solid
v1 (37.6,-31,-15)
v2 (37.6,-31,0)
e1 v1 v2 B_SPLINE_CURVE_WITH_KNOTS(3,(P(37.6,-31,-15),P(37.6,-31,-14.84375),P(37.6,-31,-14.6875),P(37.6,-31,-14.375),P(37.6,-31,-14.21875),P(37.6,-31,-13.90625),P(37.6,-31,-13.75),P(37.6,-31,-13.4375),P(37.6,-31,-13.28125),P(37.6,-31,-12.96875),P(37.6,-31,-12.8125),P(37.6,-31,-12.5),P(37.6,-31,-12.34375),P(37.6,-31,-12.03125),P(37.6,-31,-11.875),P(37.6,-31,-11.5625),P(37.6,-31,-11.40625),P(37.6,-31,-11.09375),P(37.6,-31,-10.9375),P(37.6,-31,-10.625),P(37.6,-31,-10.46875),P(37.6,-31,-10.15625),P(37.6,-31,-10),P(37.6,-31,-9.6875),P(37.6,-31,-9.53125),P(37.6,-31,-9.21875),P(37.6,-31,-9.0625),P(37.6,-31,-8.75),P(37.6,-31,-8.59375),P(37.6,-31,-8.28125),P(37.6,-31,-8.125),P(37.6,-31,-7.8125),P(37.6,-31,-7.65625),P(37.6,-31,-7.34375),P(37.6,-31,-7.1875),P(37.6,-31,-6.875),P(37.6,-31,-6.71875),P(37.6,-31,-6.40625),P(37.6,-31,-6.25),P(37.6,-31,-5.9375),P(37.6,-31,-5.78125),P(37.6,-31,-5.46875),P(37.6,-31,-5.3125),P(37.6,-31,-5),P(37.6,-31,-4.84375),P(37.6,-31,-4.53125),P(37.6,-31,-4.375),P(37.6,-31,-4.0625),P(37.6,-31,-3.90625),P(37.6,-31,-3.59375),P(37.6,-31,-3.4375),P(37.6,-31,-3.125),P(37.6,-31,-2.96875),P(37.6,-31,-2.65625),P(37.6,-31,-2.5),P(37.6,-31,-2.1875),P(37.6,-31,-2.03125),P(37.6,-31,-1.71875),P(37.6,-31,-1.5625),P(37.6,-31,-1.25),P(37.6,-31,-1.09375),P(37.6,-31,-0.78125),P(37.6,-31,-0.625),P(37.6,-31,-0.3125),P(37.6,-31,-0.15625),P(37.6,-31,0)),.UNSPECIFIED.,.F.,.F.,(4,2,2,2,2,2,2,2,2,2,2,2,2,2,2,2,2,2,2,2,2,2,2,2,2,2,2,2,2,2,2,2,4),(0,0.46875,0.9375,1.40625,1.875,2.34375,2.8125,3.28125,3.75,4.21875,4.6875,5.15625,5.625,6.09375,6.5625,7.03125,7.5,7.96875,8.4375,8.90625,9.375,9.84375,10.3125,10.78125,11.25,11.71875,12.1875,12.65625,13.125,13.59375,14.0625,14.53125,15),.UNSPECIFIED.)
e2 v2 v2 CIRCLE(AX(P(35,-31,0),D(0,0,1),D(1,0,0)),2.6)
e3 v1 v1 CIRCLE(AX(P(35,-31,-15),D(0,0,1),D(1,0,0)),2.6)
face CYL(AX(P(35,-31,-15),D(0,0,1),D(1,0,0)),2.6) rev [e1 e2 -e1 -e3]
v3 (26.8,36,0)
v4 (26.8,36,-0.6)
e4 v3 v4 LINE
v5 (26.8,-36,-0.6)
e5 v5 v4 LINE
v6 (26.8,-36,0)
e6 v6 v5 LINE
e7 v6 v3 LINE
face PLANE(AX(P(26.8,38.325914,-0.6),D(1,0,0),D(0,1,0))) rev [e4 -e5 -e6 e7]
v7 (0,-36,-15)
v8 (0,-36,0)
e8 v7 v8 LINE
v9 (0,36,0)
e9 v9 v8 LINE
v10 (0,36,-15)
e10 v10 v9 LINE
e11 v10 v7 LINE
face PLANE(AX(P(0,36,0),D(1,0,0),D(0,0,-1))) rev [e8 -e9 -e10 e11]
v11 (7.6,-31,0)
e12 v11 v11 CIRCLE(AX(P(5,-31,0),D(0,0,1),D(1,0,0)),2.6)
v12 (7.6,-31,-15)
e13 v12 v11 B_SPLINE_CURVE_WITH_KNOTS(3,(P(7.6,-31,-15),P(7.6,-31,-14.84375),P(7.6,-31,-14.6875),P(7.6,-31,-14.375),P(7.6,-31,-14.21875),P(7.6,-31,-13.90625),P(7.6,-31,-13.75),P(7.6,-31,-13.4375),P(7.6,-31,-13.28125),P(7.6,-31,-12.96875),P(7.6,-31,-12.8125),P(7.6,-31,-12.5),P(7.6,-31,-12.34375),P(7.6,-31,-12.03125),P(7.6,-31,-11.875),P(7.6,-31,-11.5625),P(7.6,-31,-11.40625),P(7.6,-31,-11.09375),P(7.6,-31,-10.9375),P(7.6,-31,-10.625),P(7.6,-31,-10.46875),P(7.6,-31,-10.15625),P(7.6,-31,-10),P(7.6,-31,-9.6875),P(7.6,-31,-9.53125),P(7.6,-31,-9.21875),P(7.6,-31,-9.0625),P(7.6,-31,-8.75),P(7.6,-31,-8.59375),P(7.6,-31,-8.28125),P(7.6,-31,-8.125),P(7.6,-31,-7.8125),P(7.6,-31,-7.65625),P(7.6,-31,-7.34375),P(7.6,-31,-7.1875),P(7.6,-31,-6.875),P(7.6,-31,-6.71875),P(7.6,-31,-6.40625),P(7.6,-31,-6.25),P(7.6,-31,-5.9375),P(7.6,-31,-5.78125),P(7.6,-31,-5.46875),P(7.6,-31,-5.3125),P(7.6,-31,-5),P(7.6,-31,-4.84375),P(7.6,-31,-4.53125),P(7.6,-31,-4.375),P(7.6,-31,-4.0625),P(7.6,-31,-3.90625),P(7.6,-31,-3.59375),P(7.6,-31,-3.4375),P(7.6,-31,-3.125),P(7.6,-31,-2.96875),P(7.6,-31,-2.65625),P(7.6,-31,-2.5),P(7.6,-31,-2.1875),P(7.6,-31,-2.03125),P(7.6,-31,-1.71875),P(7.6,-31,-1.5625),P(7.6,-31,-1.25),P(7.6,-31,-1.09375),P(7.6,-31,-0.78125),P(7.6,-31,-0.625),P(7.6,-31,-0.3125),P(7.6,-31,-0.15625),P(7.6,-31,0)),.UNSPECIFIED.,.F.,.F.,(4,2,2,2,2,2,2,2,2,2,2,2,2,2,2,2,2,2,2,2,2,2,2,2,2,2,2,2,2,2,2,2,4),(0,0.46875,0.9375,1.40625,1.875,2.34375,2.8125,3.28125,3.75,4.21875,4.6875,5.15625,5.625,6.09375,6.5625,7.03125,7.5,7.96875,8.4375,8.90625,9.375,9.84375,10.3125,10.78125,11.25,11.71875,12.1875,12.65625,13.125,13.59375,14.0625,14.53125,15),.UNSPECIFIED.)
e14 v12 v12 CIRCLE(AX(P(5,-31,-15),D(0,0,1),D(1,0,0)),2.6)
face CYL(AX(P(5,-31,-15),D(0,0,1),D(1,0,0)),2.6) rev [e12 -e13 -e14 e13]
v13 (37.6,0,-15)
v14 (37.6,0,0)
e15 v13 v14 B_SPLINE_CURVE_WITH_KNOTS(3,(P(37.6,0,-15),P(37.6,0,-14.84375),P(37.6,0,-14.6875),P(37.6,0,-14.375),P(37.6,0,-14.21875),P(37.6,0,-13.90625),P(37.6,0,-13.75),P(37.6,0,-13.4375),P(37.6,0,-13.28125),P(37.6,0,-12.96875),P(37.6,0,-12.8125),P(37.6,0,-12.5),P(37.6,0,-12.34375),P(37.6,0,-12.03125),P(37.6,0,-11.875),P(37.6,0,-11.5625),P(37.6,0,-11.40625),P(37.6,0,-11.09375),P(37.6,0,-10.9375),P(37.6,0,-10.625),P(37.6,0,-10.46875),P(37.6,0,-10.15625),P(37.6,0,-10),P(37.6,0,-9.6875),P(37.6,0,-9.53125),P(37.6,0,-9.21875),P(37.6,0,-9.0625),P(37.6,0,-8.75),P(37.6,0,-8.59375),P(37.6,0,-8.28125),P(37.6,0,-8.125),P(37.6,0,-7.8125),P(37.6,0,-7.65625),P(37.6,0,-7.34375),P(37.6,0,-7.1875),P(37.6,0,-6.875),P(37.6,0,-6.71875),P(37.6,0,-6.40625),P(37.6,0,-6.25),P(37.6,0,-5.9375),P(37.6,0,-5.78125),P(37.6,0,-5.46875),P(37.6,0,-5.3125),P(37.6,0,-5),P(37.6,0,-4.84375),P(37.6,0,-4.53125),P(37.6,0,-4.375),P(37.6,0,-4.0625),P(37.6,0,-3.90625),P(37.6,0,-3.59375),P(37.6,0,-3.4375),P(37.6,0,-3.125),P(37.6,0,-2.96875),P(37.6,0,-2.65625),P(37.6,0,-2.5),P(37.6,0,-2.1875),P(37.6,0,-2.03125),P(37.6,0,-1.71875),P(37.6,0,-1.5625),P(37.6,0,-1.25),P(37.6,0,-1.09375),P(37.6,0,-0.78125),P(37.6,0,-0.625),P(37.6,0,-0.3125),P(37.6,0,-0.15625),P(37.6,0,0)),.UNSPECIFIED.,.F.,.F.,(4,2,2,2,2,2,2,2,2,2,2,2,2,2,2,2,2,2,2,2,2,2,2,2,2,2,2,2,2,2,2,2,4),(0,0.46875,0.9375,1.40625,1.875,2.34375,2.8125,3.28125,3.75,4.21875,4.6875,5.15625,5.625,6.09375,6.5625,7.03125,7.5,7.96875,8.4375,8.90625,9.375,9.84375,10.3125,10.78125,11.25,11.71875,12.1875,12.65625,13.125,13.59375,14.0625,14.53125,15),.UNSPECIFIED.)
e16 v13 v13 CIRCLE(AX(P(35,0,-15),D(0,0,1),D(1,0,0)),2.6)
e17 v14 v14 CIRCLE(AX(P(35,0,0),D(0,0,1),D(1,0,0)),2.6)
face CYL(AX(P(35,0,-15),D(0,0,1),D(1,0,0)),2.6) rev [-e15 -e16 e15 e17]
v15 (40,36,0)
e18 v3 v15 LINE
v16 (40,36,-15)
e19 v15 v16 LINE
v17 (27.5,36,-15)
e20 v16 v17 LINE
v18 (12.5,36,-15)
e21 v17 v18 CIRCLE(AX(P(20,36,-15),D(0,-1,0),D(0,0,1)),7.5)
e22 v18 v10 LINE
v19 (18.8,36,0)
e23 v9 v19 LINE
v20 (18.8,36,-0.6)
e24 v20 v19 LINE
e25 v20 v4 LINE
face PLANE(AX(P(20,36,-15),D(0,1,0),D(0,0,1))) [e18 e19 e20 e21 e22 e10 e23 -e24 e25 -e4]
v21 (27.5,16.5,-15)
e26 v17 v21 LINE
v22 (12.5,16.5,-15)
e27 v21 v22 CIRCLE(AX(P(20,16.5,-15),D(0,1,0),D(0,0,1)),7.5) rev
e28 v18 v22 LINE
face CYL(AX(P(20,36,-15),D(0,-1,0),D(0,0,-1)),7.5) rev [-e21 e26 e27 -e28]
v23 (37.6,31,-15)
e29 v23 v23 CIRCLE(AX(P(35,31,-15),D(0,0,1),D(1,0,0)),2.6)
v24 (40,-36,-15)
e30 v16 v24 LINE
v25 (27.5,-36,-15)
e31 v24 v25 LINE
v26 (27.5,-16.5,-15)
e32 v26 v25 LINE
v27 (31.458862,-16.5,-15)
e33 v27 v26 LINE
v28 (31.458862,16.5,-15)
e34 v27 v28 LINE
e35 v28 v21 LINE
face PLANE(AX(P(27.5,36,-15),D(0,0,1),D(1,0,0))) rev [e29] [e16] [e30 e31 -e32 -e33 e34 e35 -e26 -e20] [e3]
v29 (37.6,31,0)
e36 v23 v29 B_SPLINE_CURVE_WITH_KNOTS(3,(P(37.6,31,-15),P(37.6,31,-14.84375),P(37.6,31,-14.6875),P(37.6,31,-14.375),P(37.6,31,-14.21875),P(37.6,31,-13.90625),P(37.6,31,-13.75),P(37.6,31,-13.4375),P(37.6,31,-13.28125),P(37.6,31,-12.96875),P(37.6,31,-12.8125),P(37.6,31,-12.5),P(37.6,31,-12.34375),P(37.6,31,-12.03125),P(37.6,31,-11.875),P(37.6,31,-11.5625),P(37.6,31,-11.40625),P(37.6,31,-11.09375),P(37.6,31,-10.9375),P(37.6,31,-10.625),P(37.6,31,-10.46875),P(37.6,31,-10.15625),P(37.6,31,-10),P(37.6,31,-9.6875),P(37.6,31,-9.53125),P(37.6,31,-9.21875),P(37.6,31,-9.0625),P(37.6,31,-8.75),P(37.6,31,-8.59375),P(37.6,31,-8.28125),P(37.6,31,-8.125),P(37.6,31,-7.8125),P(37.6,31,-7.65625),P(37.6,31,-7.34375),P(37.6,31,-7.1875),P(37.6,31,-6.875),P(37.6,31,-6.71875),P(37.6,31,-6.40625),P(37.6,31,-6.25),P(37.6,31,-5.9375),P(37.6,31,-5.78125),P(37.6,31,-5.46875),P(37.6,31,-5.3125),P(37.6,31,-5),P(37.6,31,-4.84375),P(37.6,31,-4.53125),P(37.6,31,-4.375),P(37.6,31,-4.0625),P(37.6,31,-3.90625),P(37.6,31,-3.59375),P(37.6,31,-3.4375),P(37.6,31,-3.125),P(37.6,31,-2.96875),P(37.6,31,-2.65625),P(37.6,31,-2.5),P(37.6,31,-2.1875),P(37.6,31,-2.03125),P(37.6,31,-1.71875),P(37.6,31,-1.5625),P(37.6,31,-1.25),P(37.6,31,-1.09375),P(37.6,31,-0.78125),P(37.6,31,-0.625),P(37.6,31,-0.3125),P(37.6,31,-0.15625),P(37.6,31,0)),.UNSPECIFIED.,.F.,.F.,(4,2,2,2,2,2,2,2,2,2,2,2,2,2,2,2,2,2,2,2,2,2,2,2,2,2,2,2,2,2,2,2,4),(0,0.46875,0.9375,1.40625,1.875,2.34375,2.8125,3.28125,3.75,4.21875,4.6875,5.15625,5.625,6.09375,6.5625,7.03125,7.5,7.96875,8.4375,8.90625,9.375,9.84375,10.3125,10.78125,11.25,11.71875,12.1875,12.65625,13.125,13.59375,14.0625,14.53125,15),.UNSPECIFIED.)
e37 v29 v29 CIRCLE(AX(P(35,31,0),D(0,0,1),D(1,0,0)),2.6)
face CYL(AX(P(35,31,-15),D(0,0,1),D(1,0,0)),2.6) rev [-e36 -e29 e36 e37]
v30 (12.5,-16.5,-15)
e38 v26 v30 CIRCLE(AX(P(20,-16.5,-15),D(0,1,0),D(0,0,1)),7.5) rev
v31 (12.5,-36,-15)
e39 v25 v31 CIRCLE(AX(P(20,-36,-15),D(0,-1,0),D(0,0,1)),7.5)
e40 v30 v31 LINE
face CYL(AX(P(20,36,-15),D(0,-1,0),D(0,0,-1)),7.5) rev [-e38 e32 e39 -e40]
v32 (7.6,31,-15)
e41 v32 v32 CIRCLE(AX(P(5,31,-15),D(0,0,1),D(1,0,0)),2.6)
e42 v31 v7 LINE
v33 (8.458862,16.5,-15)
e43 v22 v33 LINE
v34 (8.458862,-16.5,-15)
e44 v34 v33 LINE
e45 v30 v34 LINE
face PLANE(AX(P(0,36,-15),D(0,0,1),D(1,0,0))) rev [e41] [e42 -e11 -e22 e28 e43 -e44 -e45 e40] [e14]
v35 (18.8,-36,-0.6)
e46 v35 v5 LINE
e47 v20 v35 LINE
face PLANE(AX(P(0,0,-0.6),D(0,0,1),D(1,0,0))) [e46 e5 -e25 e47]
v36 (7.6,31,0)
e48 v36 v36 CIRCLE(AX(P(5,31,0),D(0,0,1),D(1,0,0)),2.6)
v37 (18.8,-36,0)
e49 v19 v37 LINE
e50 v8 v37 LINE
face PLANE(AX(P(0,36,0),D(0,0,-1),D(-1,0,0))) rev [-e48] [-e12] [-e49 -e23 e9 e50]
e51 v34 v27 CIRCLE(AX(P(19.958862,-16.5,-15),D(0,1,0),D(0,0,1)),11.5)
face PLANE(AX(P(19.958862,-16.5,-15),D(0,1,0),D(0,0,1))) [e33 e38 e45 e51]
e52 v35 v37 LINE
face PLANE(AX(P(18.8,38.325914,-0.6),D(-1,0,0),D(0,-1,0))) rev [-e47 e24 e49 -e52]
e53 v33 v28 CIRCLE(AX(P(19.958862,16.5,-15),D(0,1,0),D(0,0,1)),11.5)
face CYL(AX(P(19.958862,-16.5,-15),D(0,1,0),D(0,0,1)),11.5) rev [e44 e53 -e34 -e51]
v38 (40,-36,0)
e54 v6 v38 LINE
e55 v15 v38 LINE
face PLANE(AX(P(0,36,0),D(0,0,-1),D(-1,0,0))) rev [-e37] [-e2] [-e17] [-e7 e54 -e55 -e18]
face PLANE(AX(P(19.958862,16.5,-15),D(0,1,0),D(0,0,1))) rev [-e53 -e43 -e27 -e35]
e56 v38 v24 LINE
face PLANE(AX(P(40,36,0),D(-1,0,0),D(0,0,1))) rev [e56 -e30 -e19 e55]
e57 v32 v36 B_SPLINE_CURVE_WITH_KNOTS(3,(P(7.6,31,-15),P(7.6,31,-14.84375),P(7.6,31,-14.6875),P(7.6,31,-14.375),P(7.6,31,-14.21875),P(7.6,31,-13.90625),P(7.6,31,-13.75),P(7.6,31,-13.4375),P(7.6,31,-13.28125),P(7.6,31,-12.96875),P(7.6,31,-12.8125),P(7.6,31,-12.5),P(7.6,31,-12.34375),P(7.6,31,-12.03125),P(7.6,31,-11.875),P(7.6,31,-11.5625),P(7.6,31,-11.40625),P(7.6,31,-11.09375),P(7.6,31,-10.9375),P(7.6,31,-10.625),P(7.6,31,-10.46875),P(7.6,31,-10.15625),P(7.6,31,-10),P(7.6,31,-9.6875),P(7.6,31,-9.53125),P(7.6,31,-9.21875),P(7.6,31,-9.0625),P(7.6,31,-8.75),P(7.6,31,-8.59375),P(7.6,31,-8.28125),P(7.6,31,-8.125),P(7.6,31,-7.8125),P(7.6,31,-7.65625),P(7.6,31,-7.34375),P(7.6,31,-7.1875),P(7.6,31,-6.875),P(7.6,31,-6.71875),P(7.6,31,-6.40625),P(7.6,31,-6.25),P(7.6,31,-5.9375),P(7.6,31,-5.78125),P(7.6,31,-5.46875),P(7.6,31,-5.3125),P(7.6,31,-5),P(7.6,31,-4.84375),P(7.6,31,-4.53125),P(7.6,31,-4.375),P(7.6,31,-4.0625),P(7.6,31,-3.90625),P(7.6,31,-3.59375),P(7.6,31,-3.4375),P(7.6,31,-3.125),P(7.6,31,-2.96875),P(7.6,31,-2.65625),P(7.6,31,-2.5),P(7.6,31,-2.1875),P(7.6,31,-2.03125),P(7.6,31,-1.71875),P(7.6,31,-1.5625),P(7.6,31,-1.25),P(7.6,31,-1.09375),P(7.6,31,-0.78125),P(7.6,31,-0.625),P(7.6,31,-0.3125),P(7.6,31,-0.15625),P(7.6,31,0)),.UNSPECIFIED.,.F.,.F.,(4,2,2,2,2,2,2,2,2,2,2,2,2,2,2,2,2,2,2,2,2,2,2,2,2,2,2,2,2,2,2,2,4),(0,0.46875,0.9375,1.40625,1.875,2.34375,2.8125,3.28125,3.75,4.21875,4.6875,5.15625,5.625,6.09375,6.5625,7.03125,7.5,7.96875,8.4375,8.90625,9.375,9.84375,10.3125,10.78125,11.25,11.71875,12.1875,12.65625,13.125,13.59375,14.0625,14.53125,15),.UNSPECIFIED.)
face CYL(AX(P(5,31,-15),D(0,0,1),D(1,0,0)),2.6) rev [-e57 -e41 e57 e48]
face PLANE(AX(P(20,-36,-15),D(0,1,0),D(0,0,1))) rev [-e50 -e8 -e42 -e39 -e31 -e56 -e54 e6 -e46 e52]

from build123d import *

# Parameters (mm, degrees)
BOSS_EXTRUDE1_DEPTH = 36
CUT_EXTRUDE1_DEPTH  = 16.5
SKETCH3_W           = 8
SKETCH3_H           = 77.131502371
CUT_EXTRUDE2_DEPTH  = 0.6
SKETCH4_R           = 2.6
CUT_EXTRUDE3_DEPTH  = 56.865910894


with BuildPart() as part:
    # Sketch1 → Boss-Extrude1 (new, symmetric)
    with BuildSketch(Plane(origin=(0, 0, 0), x_dir=(1, 0, 0), z_dir=(0, 1, 0))):
        with BuildLine():
            Line((27.5, 15), (40, 15))
            Line((40, 15), (40, 0))
            Line((40, 0), (0, 0))
            Line((0, 0), (0, 15))
            Line((0, 15), (12.5, 15))
            ThreePointArc((12.5, 15), (20, 7.5), (27.5, 15))
        make_face()
    extrude(amount=BOSS_EXTRUDE1_DEPTH, both=True)

    # Sketch2 → Cut-Extrude1 (cut, symmetric)
    with BuildSketch(Plane(origin=(0, 0, 0), x_dir=(1, 0, 0), z_dir=(0, 1, 0))):
        with BuildLine():
            Line((8.458861594, 15), (31.458861594, 15))
            ThreePointArc((31.458861594, 15), (19.958861594, 3.5), (8.458861594, 15))
        make_face()
    extrude(amount=CUT_EXTRUDE1_DEPTH, both=True, mode=Mode.SUBTRACT)

    # Sketch3 → Cut-Extrude2 (cut)
    with BuildSketch(Plane.XY):
        with Locations((22.8, -0.239836761)):
            Rectangle(SKETCH3_W, SKETCH3_H)
    extrude(amount=-CUT_EXTRUDE2_DEPTH, mode=Mode.SUBTRACT)

    # Sketch4 → Cut-Extrude3 (cut, through all)
    with BuildSketch(Plane.XY):
        with Locations((5, 31)):
            Circle(SKETCH4_R)
        with Locations((35, 31)):
            Circle(SKETCH4_R)
        with Locations((35, -31)):
            Circle(SKETCH4_R)
        with Locations((5, -31)):
            Circle(SKETCH4_R)
        with Locations((35, 0)):
            Circle(SKETCH4_R)
    extrude(amount=-CUT_EXTRUDE3_DEPTH, mode=Mode.SUBTRACT)


solid = part.part
